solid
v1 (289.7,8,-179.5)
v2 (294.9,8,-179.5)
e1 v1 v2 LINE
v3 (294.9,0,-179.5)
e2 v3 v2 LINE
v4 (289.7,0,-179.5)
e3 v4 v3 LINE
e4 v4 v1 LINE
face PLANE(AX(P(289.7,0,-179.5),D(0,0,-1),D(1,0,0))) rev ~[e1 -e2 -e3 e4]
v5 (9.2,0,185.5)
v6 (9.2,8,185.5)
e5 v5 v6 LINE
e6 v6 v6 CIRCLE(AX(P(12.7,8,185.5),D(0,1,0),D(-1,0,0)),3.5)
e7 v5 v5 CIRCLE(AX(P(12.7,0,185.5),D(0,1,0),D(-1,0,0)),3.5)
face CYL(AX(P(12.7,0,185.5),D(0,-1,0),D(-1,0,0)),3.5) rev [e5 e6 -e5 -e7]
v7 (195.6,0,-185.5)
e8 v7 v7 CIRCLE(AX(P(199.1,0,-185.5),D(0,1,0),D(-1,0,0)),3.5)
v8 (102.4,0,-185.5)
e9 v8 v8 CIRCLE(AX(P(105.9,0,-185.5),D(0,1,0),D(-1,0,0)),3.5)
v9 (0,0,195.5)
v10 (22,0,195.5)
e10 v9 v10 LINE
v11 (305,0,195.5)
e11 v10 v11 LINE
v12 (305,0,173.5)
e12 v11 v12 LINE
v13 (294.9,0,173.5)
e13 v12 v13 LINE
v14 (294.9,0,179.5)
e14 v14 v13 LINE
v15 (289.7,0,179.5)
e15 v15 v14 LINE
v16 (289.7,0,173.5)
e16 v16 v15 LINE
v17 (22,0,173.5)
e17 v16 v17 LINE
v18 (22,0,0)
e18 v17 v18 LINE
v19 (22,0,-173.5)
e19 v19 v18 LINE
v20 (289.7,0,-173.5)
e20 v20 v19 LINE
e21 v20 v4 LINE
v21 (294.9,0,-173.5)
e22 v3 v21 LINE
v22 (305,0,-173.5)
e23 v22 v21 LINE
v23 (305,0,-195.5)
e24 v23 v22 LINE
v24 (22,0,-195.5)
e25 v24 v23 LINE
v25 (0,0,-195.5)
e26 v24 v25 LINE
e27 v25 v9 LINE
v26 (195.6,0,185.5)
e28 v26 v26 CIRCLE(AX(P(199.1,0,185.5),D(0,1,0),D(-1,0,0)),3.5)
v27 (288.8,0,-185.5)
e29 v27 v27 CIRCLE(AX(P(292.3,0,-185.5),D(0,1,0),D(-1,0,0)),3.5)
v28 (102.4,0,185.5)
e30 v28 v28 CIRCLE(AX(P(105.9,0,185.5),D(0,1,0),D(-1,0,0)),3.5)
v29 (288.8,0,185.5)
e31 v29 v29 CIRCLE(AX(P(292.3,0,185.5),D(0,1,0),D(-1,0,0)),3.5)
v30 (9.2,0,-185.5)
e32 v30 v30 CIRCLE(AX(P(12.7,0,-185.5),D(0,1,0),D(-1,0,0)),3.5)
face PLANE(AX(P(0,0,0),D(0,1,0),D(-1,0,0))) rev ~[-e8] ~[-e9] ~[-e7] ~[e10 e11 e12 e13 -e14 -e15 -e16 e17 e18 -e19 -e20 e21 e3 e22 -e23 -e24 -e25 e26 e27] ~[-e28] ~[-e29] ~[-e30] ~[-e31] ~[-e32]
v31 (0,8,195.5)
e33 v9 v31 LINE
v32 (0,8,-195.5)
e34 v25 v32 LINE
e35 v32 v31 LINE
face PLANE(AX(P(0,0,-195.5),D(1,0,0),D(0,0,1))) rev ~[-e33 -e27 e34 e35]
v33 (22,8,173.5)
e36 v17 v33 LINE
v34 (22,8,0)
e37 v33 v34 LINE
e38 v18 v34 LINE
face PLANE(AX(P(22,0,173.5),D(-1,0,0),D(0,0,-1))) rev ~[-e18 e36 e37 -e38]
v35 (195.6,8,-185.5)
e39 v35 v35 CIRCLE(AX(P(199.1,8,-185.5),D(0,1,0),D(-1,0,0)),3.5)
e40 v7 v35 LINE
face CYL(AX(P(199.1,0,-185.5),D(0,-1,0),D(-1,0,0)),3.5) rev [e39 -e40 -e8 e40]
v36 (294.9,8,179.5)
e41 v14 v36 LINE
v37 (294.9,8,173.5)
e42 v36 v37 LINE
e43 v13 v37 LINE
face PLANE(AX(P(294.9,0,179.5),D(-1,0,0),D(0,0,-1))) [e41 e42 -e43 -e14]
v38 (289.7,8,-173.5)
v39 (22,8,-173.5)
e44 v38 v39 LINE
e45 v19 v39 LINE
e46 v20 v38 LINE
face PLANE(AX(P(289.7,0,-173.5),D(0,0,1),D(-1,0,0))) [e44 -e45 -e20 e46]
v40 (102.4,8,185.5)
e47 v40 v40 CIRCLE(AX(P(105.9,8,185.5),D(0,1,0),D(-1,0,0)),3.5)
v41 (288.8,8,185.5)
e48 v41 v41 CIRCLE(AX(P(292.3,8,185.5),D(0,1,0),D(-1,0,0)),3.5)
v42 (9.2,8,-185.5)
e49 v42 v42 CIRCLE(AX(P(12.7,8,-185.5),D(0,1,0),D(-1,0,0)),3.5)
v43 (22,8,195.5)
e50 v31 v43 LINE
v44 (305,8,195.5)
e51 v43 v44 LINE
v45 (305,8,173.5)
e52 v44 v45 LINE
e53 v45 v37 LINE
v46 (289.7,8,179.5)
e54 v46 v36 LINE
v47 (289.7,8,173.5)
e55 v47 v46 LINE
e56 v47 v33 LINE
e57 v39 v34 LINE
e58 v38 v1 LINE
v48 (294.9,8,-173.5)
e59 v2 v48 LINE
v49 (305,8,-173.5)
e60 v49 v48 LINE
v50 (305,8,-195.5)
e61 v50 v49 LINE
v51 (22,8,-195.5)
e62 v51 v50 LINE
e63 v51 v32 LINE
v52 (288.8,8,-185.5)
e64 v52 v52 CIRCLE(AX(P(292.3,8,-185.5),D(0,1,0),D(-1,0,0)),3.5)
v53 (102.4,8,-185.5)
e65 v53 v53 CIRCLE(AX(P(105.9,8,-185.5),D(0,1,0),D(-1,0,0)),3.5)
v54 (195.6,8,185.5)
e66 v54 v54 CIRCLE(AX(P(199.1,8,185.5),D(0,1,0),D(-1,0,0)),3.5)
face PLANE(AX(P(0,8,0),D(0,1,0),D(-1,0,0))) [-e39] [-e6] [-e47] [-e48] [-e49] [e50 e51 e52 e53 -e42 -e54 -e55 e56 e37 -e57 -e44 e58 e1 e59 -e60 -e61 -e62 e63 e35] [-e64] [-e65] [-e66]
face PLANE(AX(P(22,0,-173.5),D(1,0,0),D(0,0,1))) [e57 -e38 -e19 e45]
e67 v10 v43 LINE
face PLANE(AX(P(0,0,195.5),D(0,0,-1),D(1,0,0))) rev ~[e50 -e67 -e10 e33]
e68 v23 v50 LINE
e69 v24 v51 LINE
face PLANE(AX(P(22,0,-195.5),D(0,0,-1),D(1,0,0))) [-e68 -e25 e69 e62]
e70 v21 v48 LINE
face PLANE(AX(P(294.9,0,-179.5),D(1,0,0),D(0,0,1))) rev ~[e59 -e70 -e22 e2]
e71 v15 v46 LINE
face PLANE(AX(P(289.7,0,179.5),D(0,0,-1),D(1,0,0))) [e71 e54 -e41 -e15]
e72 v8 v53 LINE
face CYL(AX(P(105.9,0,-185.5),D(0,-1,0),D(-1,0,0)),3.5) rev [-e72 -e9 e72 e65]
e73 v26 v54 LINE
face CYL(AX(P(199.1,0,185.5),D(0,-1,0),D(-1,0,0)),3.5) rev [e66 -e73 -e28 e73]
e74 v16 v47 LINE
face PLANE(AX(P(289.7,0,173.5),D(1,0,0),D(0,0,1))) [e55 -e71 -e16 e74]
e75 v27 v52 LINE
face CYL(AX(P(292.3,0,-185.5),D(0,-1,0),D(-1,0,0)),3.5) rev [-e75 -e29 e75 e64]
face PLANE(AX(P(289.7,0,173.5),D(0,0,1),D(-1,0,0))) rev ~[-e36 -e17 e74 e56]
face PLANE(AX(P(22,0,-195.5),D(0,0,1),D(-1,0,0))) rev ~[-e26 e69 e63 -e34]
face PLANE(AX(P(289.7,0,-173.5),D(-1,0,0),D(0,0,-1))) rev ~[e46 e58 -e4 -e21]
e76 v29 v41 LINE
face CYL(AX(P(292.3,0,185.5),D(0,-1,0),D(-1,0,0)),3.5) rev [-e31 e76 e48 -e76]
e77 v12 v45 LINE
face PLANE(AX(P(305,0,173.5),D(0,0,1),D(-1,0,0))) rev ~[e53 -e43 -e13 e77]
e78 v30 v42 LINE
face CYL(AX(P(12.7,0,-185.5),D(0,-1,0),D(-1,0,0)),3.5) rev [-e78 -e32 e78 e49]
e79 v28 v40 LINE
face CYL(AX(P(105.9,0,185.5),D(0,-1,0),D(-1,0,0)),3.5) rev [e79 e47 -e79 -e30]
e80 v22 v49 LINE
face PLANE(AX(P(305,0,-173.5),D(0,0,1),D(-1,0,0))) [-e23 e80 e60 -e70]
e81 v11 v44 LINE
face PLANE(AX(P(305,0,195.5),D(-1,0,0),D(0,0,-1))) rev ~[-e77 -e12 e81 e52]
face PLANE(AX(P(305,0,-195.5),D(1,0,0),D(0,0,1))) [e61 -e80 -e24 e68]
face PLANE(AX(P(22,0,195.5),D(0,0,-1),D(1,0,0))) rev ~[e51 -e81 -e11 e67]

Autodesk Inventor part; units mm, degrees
ref_plane "YZ Plane" through (0, 0, 0) normal (1, 0, 0) x (0, 1, 0)
ref_plane "XZ Plane" through (0, 0, 0) normal (0, 1, 0) x (-1, 0, 0)
ref_plane "XY Plane" through (0, 0, 0) normal (0, 0, 1) x (1, 0, 0)
sketch "Sketch2" plane through (0, 0, 0) normal (0, 1, 0) x (-1, 0, 0)
  line L0 (0, 195.5) -> (-22, 195.5)
  line L1 (-22, -195.5) -> (0, -195.5)
  line L2 (0, -195.5) -> (0, 195.5)
  line L3 (-22, 195.5) -> (-305, 195.5)
  line L4 (-305, 195.5) -> (-305, 173.5)
  line L5 (-305, 173.5) -> (-22, 173.5)
  line L6 (-22, -195.5) -> (-305, -195.5)
  line L7 (-305, -195.5) -> (-305, -173.5)
  line L8 (-305, -173.5) -> (-22, -173.5)
  circle A0 centre (-292.3, 185.5) radius 3.5
  line L9 (-292.3, 185.5) -> (-292.3, 173.5) construction
  line L10 (-289.7, 179.5) -> (-294.9, 179.5)
  line L11 (-294.9, 179.5) -> (-294.9, 173.5)
  line L12 (-294.9, 173.5) -> (-289.7, 173.5)
  line L13 (-289.7, 173.5) -> (-289.7, 179.5)
  circle A1 centre (-199.1, 185.5) radius 3.5
  circle A2 centre (-105.9, 185.5) radius 3.5
  circle A3 centre (-12.7, 185.5) radius 3.5
  line L14 (-22, 195.5) -> (-22, 173.5) construction
  line L15 (0, 0) -> (337.7885, 0) construction
  line L16 (0, 0) -> (-365.548, 0) construction
  line L17 (-22, 173.5) -> (-22, 0)
  line L18 (-22, -173.5) -> (-22, 0)
  circle A4 centre (-292.3, -185.5) radius 3.5
  line L19 (-289.7, -179.5) -> (-294.9, -179.5)
  line L20 (-294.9, -179.5) -> (-294.9, -173.5)
  line L21 (-289.7, -173.5) -> (-289.7, -179.5)
  circle A5 centre (-199.1, -185.5) radius 3.5
  circle A6 centre (-105.9, -185.5) radius 3.5
  circle A7 centre (-12.7, -185.5) radius 3.5
  line L22 (-294.9, -173.5) -> (-289.7, -173.5)
  dimension "d0" = 22
  dimension "d1" = 22
  dimension "d2" = 22
  dimension "d6" = 347
  dimension "d7" = 7
  dimension "d9" = 12.7
  dimension "d10" = 10
  dimension "d11" = 5.2
  dimension "d12" = 6
  dimension "d15" = 93.2
  dimension "d22" = 185.5
  dimension "d23" = 22
  dimension "d24" = 305
  dimension "d29" = 305
extrude "Extrusion2" add sketch "Sketch2" along normal blind 8 contours L2 L1 L6 L7 L8 L20 L19 L21 L18 L17 L5 L13 L10 L11 L4 L3 L0
equation "\"d1\" = d0"
equation "\"d2\" = d0"
equation "\"d15\" = -0.666667 * d9 + 0.333333 * d24"
equation "\"d23\" = d0"
equation "\"d29\" = d24"
properties part number "Top stabiliser"
